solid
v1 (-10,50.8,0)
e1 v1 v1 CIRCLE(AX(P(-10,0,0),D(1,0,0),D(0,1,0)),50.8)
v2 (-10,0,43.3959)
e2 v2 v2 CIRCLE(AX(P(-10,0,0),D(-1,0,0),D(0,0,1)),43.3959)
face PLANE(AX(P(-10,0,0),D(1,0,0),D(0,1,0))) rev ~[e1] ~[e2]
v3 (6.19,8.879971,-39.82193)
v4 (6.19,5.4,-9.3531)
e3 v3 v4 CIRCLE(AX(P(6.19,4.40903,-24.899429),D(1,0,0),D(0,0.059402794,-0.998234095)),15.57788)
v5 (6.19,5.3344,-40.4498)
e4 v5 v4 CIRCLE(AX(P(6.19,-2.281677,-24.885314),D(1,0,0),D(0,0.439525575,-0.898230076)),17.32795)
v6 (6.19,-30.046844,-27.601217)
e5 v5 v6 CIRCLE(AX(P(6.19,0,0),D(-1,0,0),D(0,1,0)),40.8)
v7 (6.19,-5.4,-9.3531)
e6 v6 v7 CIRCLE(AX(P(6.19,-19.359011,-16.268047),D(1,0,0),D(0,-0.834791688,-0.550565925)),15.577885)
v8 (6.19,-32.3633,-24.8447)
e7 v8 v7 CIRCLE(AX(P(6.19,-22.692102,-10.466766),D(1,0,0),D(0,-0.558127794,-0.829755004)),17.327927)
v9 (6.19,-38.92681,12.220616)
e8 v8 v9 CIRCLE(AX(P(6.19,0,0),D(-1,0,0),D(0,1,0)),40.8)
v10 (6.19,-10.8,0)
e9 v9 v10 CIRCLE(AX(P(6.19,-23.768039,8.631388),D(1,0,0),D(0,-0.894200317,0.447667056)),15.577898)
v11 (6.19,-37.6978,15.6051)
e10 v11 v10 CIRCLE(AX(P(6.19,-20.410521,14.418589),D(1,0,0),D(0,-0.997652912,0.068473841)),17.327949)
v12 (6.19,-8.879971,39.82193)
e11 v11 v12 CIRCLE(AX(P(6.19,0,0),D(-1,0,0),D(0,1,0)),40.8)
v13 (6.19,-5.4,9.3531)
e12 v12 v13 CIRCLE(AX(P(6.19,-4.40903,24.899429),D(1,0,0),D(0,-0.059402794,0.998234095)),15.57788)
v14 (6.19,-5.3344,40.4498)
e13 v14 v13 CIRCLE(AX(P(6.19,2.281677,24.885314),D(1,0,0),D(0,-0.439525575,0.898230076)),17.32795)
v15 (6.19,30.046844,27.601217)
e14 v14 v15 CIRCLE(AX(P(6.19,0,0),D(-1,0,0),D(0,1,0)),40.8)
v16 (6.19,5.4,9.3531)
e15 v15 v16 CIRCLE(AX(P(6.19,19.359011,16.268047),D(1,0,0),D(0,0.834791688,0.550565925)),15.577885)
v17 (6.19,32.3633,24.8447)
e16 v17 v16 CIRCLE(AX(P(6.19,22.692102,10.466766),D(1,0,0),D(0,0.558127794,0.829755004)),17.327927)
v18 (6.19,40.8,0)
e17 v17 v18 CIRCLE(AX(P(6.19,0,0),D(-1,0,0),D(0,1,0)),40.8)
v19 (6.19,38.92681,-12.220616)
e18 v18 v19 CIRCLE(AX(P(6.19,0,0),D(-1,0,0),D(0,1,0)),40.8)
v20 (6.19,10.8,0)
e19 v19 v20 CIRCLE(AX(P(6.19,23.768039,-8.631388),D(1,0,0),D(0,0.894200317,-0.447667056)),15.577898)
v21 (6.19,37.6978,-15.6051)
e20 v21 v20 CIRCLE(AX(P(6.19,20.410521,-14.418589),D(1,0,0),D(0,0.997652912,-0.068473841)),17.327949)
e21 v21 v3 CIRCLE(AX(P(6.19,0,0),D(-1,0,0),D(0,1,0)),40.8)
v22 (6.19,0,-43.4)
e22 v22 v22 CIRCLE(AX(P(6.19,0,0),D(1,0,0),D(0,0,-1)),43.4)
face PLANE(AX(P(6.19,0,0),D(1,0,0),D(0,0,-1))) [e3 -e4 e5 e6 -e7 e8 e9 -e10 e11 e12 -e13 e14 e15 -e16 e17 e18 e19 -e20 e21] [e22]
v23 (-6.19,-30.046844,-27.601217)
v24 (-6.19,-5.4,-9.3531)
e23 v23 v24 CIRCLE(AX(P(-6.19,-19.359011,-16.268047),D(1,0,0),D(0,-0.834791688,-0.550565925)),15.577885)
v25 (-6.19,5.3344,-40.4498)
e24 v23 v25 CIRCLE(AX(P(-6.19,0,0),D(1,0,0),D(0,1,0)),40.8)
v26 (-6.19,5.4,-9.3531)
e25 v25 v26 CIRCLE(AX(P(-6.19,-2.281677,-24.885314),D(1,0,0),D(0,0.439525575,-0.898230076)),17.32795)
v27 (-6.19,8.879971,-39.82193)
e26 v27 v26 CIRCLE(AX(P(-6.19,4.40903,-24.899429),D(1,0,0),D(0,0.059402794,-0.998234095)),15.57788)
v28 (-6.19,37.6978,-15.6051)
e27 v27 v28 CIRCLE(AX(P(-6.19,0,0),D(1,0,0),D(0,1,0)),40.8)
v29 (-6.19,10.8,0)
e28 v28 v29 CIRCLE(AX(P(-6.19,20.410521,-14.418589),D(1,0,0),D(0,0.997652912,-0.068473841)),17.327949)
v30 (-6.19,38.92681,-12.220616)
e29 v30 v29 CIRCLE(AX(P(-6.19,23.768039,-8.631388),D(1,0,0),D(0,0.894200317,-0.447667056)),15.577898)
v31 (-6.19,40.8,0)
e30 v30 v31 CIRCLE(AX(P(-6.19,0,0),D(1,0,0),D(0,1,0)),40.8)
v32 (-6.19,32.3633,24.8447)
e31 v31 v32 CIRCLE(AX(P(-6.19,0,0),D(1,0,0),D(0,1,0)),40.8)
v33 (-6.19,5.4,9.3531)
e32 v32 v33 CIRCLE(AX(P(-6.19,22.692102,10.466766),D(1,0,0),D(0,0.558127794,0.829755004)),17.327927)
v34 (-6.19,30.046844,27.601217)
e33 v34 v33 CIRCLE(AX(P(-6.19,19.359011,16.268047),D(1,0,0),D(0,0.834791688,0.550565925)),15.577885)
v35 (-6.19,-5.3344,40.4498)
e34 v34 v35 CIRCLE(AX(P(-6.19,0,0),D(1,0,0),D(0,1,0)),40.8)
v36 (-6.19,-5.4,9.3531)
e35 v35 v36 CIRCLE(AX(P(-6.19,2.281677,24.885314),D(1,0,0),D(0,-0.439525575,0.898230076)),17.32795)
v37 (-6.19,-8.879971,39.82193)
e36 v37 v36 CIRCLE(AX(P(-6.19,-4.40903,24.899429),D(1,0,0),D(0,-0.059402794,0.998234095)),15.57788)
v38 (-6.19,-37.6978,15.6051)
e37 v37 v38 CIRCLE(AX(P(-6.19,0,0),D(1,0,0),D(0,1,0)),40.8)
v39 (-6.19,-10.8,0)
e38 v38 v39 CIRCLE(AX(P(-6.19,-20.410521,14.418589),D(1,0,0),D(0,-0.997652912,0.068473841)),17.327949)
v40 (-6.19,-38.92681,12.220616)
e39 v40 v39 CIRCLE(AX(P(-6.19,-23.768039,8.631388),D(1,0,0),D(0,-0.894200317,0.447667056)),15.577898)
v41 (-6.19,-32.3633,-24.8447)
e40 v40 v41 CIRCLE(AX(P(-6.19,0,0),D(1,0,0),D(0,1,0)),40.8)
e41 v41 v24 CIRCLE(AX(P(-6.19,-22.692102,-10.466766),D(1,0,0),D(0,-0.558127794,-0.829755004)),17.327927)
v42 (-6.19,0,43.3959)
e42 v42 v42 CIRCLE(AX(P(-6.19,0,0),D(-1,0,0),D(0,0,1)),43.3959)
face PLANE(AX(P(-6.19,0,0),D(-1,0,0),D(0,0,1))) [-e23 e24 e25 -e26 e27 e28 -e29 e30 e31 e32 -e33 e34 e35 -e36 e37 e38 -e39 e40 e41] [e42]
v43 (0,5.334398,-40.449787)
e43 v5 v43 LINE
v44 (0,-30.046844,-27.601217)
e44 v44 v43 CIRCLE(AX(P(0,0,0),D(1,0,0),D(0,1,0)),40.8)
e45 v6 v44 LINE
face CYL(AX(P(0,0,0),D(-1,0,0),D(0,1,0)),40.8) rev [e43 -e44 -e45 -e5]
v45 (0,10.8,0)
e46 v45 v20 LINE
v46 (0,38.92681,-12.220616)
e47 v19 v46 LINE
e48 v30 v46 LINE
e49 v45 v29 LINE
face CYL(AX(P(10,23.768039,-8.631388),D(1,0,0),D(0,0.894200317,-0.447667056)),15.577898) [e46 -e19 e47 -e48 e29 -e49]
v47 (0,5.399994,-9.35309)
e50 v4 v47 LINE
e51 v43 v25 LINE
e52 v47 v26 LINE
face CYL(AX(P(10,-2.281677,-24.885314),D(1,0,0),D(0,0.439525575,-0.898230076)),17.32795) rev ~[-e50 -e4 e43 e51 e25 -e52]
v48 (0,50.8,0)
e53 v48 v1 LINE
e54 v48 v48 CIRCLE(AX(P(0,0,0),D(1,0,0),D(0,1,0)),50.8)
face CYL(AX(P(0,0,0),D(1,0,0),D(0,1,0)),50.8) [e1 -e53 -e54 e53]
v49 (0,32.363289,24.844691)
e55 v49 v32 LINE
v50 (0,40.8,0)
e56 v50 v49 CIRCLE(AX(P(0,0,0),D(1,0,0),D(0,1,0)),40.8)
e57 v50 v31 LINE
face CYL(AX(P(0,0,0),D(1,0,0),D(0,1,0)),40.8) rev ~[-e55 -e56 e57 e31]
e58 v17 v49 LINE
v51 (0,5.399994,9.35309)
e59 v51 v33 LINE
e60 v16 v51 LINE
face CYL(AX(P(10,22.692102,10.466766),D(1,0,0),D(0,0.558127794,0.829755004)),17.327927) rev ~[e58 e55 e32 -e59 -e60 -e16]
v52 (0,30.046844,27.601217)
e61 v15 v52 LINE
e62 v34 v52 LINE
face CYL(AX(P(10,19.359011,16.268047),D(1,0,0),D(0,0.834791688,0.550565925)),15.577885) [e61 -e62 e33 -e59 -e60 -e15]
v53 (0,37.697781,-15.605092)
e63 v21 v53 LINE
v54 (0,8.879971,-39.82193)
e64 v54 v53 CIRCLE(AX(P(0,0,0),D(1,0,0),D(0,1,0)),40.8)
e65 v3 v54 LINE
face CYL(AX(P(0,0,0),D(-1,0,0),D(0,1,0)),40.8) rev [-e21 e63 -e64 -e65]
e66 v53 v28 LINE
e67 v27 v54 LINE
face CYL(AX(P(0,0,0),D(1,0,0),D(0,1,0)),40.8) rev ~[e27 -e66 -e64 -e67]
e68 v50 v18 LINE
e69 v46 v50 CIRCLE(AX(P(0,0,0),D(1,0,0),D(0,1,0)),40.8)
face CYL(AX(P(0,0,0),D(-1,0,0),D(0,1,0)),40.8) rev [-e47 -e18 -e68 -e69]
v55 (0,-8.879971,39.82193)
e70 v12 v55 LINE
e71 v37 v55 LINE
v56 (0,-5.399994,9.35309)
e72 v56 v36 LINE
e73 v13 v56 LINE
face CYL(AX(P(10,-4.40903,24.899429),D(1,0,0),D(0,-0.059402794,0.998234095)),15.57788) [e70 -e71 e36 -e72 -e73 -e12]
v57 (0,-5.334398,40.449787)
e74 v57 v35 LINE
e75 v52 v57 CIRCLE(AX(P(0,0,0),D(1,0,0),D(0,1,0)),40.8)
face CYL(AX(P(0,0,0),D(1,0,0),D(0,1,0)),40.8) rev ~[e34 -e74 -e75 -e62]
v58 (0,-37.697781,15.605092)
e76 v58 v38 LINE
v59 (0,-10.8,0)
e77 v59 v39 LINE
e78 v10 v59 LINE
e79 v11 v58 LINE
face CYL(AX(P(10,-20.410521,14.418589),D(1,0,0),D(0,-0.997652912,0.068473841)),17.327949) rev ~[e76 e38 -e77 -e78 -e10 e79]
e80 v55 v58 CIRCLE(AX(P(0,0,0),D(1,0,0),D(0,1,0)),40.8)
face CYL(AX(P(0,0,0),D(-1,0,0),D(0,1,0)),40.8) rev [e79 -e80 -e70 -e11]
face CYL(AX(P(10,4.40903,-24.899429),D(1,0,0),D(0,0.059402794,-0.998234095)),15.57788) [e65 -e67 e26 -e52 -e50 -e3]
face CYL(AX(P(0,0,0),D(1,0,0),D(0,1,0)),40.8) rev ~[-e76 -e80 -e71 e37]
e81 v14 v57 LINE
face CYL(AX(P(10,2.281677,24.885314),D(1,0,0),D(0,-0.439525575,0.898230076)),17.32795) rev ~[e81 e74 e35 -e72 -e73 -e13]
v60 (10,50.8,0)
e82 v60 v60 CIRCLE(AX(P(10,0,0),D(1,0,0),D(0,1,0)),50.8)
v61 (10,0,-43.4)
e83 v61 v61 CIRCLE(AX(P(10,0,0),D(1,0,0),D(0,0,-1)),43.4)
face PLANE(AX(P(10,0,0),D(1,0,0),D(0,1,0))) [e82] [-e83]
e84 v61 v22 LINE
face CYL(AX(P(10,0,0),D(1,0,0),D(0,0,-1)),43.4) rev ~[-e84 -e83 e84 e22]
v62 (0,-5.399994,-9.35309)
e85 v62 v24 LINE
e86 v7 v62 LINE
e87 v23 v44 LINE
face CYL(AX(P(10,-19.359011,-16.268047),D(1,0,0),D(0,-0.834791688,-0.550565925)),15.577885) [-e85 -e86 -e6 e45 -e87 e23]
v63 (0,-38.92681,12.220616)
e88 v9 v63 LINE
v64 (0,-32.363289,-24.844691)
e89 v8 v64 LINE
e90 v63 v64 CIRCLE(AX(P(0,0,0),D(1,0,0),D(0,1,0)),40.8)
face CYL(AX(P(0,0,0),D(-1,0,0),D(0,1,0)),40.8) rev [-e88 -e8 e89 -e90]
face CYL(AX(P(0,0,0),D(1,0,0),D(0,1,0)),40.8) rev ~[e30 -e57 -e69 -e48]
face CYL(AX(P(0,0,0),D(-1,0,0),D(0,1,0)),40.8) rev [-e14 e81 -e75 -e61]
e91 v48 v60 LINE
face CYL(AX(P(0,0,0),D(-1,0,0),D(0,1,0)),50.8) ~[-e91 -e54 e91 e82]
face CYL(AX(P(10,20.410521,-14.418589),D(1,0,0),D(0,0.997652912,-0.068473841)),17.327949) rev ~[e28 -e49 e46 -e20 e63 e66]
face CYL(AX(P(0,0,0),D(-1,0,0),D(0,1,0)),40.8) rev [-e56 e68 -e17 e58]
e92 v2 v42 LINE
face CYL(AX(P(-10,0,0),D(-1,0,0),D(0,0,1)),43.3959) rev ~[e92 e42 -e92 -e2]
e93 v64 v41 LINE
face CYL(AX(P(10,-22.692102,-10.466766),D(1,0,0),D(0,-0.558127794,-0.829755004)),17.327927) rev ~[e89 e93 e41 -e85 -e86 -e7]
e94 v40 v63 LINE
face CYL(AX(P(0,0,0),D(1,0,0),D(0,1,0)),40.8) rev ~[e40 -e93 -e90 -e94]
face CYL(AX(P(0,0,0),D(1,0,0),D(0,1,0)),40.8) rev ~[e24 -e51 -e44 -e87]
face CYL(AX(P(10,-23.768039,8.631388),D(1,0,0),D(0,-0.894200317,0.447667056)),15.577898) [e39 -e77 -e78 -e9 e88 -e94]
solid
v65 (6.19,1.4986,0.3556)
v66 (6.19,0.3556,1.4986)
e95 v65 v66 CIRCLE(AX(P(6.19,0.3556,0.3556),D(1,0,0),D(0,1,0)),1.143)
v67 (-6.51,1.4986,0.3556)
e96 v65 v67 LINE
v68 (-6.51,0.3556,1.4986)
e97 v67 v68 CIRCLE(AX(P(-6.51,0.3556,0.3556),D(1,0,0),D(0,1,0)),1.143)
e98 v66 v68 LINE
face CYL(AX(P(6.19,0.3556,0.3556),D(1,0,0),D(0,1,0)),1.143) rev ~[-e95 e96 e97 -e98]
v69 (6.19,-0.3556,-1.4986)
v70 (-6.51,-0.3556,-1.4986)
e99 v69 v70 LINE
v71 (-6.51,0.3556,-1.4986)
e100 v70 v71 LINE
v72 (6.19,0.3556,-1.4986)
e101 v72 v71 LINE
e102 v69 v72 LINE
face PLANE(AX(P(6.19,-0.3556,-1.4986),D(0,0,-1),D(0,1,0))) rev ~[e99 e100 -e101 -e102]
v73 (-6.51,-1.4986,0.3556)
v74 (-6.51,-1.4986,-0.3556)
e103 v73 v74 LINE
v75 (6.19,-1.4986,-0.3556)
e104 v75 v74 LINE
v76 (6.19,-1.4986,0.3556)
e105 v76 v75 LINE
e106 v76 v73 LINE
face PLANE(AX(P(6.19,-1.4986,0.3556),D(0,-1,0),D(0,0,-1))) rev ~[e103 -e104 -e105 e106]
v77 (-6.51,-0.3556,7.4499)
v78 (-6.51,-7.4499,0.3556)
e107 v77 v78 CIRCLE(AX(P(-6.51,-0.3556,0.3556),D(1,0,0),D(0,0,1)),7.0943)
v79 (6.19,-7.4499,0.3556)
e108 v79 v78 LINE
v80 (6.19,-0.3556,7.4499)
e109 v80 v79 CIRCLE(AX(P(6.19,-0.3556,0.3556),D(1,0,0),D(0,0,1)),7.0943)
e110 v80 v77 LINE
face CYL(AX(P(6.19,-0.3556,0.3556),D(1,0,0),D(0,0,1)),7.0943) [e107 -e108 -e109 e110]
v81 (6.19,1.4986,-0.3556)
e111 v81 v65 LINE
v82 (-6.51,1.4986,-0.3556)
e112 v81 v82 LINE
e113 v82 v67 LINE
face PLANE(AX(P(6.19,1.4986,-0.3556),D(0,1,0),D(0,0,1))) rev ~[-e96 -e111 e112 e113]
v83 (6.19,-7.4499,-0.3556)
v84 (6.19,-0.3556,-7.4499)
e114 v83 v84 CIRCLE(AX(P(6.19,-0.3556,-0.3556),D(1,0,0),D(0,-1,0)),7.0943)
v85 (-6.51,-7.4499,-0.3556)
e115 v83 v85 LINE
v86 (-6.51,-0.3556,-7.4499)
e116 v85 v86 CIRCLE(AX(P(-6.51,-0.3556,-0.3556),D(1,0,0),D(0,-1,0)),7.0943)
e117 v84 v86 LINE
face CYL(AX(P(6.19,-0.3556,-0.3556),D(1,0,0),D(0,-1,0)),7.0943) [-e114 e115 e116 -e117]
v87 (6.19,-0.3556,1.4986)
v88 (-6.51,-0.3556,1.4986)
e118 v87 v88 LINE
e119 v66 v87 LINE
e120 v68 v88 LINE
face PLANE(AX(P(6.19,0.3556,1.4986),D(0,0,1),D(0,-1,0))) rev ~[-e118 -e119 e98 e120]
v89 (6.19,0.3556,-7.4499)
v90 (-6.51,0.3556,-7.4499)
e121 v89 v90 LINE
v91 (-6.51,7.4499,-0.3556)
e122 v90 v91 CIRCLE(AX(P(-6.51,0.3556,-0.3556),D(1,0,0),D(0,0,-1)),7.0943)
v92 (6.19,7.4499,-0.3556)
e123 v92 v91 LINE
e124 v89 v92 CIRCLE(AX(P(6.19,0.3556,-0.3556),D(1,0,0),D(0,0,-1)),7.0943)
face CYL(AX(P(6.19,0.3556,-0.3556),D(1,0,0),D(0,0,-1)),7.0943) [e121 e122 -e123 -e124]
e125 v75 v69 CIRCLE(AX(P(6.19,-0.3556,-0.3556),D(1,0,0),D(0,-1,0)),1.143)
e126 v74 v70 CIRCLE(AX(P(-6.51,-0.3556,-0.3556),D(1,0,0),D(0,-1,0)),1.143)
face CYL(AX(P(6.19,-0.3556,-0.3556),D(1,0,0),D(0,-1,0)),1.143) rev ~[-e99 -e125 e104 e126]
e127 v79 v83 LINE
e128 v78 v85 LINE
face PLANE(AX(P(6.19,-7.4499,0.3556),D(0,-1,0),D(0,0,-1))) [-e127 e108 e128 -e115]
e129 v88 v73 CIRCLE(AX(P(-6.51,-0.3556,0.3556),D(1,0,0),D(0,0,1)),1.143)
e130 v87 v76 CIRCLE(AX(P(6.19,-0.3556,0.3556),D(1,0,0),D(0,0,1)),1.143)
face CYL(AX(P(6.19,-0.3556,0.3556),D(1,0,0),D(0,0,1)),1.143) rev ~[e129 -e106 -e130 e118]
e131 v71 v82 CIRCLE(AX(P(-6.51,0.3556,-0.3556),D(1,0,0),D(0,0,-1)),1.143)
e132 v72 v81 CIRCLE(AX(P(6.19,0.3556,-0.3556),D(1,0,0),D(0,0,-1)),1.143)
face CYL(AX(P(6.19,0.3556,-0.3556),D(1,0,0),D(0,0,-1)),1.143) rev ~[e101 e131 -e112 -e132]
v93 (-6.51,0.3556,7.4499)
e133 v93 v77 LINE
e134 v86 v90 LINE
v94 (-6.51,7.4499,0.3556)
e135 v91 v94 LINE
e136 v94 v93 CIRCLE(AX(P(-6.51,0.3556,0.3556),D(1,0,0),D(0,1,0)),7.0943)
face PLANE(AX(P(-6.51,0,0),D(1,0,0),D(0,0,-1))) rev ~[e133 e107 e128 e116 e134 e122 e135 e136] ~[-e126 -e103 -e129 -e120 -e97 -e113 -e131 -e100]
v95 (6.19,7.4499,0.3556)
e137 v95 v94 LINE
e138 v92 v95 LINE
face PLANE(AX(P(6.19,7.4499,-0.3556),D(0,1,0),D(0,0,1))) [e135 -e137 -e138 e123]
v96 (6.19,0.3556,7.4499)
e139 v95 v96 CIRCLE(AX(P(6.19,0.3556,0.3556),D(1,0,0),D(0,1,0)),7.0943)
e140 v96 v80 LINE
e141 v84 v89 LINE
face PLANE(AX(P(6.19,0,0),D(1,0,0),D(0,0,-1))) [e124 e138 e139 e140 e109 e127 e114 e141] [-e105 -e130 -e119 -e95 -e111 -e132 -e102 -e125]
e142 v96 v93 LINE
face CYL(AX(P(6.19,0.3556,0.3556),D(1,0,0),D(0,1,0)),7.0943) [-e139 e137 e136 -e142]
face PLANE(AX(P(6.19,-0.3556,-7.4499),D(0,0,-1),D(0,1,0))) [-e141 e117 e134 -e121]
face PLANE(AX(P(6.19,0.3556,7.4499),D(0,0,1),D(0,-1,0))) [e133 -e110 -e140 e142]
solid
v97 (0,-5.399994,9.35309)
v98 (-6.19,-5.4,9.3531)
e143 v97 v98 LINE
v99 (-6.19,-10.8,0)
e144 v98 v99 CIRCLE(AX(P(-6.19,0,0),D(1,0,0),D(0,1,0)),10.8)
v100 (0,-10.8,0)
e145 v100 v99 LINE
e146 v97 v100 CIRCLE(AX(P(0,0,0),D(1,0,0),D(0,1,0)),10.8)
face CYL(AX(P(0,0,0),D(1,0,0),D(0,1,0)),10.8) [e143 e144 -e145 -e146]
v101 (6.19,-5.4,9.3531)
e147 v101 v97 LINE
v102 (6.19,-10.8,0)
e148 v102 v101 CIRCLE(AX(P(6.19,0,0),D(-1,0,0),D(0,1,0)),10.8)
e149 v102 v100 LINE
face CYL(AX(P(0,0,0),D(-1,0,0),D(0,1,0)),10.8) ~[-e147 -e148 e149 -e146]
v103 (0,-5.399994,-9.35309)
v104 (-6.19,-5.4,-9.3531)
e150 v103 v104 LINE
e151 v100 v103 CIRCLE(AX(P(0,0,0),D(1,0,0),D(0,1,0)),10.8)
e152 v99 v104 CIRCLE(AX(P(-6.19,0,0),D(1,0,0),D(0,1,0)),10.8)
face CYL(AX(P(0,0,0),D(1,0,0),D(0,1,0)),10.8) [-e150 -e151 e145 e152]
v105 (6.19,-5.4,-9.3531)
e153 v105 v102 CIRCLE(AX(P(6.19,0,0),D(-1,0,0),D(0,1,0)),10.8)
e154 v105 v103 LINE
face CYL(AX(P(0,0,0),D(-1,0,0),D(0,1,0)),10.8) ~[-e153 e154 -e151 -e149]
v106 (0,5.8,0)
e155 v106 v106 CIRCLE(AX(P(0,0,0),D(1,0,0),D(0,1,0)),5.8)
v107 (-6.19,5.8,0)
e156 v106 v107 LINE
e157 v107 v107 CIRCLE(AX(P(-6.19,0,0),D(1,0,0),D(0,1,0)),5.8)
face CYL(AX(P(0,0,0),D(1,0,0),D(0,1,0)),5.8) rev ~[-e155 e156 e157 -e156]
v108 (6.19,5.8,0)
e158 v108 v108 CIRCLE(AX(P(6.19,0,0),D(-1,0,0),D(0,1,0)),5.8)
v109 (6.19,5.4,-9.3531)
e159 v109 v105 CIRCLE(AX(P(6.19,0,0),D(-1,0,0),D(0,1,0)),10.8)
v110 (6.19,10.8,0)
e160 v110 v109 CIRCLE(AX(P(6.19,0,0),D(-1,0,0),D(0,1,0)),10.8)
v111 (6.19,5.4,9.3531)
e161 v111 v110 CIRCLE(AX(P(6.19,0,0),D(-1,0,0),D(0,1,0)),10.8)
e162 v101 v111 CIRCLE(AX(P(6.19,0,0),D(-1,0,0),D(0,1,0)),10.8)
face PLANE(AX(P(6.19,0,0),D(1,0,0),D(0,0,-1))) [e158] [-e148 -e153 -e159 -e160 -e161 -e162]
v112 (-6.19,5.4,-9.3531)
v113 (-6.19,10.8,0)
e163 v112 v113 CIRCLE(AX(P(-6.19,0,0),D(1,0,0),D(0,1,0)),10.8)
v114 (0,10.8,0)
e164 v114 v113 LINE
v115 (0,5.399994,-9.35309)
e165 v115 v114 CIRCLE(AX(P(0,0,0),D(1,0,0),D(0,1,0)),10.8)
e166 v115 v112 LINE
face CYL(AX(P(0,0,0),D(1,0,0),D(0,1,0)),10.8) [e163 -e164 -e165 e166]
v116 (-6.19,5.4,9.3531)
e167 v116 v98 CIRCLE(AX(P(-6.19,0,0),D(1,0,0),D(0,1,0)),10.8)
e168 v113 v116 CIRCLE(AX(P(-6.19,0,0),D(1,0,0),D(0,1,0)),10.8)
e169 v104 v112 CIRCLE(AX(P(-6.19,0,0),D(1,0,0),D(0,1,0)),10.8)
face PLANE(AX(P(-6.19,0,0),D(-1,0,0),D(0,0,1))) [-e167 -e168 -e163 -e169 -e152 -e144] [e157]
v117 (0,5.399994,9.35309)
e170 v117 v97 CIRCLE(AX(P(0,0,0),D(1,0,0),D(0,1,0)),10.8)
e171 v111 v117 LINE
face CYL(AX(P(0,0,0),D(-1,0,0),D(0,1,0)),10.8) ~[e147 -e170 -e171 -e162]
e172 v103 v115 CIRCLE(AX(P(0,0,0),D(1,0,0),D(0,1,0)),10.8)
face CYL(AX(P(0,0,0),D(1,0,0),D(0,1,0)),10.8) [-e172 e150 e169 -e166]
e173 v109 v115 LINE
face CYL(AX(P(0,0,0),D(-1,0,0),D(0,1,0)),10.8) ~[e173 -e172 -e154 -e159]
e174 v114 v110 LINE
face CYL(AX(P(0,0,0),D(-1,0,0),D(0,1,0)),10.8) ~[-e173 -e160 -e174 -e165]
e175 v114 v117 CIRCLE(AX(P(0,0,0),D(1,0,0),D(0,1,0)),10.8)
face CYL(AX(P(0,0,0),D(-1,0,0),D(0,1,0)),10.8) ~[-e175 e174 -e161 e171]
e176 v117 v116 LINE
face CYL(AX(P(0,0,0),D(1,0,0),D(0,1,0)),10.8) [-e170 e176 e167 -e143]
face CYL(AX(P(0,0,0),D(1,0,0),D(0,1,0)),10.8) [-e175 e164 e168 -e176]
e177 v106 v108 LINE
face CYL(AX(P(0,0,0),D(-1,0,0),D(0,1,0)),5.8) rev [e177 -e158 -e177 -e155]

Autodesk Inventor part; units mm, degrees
ref_plane "YZ Plane" through (0, 0, 0) normal (1, 0, 0) x (0, 1, 0)
ref_plane "XZ Plane" through (0, 0, 0) normal (0, 1, 0) x (-1, 0, 0)
ref_plane "XY Plane" through (0, 0, 0) normal (0, 0, 1) x (1, 0, 0)
sketch "Sketch1" plane through (0, 0, 0) normal (1, 0, 0) x (0, 1, 0)
  circle A0 centre (0, 0) radius 50.8
  circle A1 centre (0, 0) radius 40.8
  circle A2 centre (0, 0) radius 10.8
  circle A3 centre (0, 0) radius 5.8
  dimension "d0" = 101.6
  dimension "d1" = 10
  dimension "d2" = 30
  dimension "d3" = 5
extrude "Extrusion1" add sketch "Sketch1" along normal mid plane 20
sketch "Sketch2" plane through (10, 0, 0) normal (1, 0, 0) x (0, 0, -1)
  circle A0 centre (0, 0) radius 40.8 projected
  circle A1 centre (0, 0) radius 10.8 projected
  arc A2 (15.6051, 37.6978) -> (0, 10.8) centre (8.6314, 23.768) ccw
  arc A3 (15.6051, 37.6978) -> (0, 10.8) centre (14.4186, 20.4105) ccw
  arc A4 (40.4498, 5.3344) -> (9.3531, 5.4) centre (24.8994, 4.409) ccw
  arc A5 (40.4498, 5.3344) -> (9.3531, 5.4) centre (24.8853, -2.2817) ccw
  arc A6 (24.8447, -32.3633) -> (9.3531, -5.4) centre (16.268, -19.359) ccw
  arc A7 (24.8447, -32.3633) -> (9.3531, -5.4) centre (10.4667, -22.6921) ccw
  arc A8 (-15.6051, -37.6978) -> (0, -10.8) centre (-8.6314, -23.768) ccw
  arc A9 (-15.6051, -37.6978) -> (0, -10.8) centre (-14.4186, -20.4105) ccw
  arc A10 (-40.4498, -5.3344) -> (-9.3531, -5.4) centre (-24.8994, -4.409) ccw
  arc A11 (-40.4498, -5.3344) -> (-9.3531, -5.4) centre (-24.8853, 2.2817) ccw
  arc A12 (-24.8447, 32.3633) -> (-9.3531, 5.4) centre (-16.268, 19.359) ccw
  arc A13 (-24.8447, 32.3633) -> (-9.3531, 5.4) centre (-10.4667, 22.6921) ccw
  dimension "d8" = 360
extrude "Extrusion2" add sketch "Sketch2" against normal blind 20 contours A5 A4 A0 | A0 A4 | A6 A0 | A0 A7 A6 | A3 A2 A0 | A0 A2 | A8 A0 | A0 A9 A8 | A12 A0 A13 | A10 A0 A11 | A0 A12 | A10 A0
sketch "Sketch3" plane through (10, 0, 0) normal (1, 0, 0) x (0, 0, -1)
  circle A0 centre (0, 0) radius 43.4
  dimension "d12" = 86.8
extrude "Extrusion3" cut sketch "Sketch3" against normal blind 3.81
sketch "Sketch4" plane through (-10, 0, 0) normal (-1, 0, 0) x (0, 0, 1)
  circle A0 centre (0, 0) radius 43.3959
  dimension "d15" = 86.7918
extrude "Extrusion4" cut sketch "Sketch4" against normal blind 3.81
sketch "Sketch5" plane through (6.19, 0, 0) normal (1, 0, 0) x (0, 0, -1)
  line L0 (0.3556, 1.4986) -> (-0.3556, 1.4986)
  line L1 (-1.4986, 0.3556) -> (-1.4986, -0.3556)
  line L2 (-0.3556, -1.4986) -> (0.3556, -1.4986)
  line L3 (1.4986, -0.3556) -> (1.4986, 0.3556)
  arc A0 (-0.3556, 1.4986) -> (-1.4986, 0.3556) centre (-0.3556, 0.3556) ccw
  arc A1 (1.4986, 0.3556) -> (0.3556, 1.4986) centre (0.3556, 0.3556) ccw
  arc A2 (0.3556, -1.4986) -> (1.4986, -0.3556) centre (0.3556, -0.3556) ccw
  arc A3 (-1.4986, -0.3556) -> (-0.3556, -1.4986) centre (-0.3556, -0.3556) ccw
  line L4 (0.3556, 7.4499) -> (-0.3556, 7.4499)
  arc A4 (-0.3556, 7.4499) -> (-7.4499, 0.3556) centre (-0.3556, 0.3556) ccw
  line L5 (-7.4499, 0.3556) -> (-7.4499, -0.3556)
  arc A5 (-7.4499, -0.3556) -> (-0.3556, -7.4499) centre (-0.3556, -0.3556) ccw
  line L6 (-0.3556, -7.4499) -> (0.3556, -7.4499)
  arc A6 (0.3556, -7.4499) -> (7.4499, -0.3556) centre (0.3556, -0.3556) ccw
  line L7 (7.4499, -0.3556) -> (7.4499, 0.3556)
  arc A7 (7.4499, 0.3556) -> (0.3556, 7.4499) centre (0.3556, 0.3556) ccw
  point P0 (0, 0)
  point P1 (-1.4986, -1.4986)
  point P2 (-1.4986, 1.4986)
  point P3 (1.4986, -1.4986)
  dimension "d18" = 2.9972
  dimension "d19" = 2.9972
  dimension "d20" = 1.143
extrude "Extrusion5" add sketch "Sketch5" against normal blind 12.7 separate body
properties part number "Wheel"
